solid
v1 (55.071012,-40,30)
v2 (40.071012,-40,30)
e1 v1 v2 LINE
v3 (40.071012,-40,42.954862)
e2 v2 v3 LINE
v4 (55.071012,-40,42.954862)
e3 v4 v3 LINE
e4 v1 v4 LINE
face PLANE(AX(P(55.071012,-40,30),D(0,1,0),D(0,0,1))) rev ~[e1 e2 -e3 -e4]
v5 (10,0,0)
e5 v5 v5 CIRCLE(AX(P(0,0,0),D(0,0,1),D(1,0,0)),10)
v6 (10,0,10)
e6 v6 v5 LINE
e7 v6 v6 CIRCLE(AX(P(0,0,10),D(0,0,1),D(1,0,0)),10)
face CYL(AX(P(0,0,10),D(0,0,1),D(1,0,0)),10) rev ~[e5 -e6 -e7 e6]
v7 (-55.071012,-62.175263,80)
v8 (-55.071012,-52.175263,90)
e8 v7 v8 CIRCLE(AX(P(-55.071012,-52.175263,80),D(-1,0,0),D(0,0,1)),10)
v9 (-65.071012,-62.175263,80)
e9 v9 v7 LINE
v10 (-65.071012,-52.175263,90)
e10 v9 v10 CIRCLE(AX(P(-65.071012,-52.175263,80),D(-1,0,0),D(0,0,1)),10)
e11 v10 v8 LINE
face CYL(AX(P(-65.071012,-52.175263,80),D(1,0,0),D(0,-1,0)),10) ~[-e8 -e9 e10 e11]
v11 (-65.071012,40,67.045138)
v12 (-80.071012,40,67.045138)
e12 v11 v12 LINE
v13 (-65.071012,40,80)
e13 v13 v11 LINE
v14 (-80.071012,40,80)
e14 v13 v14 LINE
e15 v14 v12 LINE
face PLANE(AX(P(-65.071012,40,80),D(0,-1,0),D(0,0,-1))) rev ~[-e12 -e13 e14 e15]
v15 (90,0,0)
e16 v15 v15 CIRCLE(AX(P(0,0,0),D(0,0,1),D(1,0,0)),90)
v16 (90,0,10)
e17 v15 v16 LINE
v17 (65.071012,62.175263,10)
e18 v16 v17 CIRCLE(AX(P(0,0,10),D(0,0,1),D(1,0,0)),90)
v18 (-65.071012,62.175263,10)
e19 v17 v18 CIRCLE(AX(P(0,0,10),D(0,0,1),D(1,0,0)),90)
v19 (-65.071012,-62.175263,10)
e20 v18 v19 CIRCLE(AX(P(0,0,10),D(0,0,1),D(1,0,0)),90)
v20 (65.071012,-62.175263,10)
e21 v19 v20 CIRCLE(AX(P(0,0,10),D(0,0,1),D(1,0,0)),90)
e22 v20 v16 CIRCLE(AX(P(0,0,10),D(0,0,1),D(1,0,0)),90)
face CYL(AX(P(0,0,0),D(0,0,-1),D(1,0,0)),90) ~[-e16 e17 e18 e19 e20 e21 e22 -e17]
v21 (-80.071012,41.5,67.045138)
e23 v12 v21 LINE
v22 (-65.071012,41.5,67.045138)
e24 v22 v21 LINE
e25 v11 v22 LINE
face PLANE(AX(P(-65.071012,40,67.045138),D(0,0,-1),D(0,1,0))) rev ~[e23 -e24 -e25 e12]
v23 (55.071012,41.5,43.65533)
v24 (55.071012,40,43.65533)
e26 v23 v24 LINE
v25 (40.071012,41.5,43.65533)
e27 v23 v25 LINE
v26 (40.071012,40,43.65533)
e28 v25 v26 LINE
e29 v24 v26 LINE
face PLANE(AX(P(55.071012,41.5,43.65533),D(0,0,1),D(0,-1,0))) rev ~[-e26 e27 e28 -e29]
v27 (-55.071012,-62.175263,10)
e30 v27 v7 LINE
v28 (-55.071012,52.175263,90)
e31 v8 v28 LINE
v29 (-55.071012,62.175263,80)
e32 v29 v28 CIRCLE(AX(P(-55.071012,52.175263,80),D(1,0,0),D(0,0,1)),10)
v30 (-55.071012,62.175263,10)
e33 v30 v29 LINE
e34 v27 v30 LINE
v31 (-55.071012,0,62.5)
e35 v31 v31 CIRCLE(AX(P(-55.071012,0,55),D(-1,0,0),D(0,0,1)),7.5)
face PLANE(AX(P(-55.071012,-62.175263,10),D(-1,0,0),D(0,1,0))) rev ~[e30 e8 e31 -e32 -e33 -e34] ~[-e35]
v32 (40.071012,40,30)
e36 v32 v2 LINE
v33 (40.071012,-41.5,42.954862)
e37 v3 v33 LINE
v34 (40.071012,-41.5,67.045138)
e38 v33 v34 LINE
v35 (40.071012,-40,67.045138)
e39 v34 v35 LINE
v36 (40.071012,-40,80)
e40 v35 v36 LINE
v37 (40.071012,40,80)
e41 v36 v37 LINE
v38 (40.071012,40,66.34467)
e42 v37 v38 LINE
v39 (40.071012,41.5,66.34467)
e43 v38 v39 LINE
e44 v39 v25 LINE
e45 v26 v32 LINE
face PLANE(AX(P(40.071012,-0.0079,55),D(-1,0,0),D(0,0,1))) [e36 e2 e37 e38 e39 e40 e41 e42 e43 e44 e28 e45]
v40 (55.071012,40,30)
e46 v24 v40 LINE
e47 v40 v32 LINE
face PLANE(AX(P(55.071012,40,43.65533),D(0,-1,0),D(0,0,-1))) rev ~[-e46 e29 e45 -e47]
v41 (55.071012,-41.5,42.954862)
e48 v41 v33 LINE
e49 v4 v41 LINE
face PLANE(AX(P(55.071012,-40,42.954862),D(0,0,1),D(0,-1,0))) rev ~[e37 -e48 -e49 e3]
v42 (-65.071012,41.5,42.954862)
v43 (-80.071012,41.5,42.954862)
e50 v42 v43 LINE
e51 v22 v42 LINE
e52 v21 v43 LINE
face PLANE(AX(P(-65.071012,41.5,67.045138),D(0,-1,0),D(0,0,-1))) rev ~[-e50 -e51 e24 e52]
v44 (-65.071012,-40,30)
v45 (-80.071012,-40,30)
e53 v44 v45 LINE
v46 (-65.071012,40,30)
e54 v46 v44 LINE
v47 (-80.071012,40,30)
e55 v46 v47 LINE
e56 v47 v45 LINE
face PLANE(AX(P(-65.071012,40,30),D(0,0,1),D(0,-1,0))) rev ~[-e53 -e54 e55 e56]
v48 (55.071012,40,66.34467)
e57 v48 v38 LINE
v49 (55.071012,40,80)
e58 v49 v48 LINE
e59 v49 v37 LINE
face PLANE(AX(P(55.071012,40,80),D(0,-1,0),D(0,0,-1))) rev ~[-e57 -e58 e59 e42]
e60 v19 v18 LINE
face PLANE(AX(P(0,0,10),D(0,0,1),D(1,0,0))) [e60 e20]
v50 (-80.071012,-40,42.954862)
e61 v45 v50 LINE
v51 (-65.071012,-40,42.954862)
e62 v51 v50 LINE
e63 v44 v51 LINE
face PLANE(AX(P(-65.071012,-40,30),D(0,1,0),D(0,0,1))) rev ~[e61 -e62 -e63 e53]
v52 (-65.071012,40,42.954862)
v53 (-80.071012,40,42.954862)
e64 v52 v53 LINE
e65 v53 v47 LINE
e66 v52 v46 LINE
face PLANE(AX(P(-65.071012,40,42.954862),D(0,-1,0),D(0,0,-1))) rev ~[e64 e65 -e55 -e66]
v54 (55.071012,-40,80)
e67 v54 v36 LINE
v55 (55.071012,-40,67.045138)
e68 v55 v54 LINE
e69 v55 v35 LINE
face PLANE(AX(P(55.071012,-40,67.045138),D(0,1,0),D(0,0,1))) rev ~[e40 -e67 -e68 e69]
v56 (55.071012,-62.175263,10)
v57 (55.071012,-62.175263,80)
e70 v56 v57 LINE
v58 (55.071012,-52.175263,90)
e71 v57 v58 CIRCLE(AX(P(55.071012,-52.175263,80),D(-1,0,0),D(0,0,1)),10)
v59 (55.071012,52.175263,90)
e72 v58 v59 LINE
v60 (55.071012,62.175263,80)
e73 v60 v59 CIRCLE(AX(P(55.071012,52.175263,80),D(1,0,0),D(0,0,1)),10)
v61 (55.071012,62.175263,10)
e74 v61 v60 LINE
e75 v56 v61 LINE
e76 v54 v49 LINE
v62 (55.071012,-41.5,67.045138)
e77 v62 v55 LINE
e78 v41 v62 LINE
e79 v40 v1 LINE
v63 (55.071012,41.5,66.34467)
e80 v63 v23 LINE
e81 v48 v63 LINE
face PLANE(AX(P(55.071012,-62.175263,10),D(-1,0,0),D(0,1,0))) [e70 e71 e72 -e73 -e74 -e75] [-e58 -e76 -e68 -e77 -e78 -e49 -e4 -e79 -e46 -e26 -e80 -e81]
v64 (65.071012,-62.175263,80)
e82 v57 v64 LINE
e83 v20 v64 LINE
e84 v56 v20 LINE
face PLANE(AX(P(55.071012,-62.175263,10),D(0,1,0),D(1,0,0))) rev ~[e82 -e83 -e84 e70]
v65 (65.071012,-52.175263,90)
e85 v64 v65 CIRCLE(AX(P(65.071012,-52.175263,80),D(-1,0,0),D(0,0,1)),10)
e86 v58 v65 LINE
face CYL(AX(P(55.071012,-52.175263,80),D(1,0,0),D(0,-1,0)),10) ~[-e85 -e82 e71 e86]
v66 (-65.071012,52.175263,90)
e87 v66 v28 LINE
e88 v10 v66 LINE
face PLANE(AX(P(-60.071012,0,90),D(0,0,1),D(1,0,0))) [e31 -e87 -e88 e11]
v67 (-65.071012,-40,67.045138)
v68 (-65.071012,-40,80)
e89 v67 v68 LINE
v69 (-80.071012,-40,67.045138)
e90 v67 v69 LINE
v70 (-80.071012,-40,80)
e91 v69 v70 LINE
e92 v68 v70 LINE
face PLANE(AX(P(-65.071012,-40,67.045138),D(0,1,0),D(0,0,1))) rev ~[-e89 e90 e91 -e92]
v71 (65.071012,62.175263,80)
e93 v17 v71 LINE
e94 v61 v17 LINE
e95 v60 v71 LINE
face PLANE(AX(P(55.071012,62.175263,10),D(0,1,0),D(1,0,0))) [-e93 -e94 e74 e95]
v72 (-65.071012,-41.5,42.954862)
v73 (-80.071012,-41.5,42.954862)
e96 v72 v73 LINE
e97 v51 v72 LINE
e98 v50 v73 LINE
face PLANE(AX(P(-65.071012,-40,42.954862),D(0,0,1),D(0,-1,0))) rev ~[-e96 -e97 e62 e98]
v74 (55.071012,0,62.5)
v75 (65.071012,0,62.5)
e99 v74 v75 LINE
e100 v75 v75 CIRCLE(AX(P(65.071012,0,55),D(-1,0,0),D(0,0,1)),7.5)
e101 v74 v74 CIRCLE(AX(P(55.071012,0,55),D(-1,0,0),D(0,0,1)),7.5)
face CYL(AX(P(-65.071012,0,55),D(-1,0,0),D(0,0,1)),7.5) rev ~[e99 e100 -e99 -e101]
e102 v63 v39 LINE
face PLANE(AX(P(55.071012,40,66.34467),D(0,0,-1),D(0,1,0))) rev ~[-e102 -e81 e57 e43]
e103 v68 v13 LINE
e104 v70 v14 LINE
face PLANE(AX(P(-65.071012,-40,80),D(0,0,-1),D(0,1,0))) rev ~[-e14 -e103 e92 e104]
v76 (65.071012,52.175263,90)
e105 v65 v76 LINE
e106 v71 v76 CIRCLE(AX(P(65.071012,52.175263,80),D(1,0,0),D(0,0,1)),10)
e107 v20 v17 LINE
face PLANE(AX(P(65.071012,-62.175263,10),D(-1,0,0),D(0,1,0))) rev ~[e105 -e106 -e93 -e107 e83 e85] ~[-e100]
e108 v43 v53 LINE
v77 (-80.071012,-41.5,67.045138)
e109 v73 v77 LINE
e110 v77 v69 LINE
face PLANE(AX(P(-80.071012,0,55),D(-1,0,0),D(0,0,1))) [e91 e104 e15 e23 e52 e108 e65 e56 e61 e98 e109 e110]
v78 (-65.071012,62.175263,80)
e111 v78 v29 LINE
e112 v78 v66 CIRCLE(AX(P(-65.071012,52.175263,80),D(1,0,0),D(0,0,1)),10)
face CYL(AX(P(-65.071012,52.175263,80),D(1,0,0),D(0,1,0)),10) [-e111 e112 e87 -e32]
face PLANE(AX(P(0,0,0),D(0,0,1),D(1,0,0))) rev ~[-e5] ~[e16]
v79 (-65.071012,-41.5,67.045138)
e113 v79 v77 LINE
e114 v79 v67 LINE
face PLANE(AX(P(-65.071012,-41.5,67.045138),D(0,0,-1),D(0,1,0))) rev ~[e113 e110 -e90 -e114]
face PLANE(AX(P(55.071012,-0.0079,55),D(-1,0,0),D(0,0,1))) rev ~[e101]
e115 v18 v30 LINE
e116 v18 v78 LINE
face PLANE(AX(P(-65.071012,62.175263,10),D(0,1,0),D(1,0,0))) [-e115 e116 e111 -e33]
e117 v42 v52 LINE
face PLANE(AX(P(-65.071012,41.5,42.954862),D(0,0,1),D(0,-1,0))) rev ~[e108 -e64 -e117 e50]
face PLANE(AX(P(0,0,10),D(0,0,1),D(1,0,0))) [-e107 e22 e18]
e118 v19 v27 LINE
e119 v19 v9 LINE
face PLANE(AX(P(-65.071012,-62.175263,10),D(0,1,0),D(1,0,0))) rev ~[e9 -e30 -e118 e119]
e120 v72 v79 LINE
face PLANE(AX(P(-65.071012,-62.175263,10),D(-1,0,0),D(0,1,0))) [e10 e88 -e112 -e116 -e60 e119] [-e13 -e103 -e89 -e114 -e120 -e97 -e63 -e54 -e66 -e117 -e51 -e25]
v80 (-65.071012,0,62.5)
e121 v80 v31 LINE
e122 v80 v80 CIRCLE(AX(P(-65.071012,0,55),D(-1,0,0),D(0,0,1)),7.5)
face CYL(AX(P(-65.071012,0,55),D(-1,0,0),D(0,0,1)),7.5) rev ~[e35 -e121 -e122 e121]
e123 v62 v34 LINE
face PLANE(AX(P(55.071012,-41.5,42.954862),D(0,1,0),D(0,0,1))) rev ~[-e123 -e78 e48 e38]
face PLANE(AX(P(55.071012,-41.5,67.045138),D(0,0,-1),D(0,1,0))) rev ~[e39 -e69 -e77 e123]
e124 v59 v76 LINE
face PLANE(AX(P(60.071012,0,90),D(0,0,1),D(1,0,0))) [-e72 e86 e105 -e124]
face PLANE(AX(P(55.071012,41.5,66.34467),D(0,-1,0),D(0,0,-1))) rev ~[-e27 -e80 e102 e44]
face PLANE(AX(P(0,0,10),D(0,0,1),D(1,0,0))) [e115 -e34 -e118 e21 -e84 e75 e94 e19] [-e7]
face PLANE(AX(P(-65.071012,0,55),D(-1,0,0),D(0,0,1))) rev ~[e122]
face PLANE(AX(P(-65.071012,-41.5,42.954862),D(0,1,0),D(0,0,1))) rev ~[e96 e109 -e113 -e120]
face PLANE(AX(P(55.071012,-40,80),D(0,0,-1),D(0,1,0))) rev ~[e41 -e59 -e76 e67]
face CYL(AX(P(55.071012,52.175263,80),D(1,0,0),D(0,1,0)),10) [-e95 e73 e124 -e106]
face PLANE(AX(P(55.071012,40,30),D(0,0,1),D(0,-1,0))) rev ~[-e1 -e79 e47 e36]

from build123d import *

# Parameters (mm, degrees)
SKETCH1_R           = 90
BOSS_EXTRUDE1_DEPTH = 10
SKETCH2_W           = 10
SKETCH2_H           = 124.350526514
BOSS_EXTRUDE2_DEPTH = 80
FILLET1_R           = 10
SKETCH3_R           = 7.5
CUT_EXTRUDE1_DEPTH  = 201.616596644
SKETCH4_R           = 10
CUT_EXTRUDE2_DEPTH  = 30
BOSS_EXTRUDE5_DEPTH = 15
BOSS_EXTRUDE6_DEPTH = 15


with BuildPart() as part:
    # Sketch1 → Boss-Extrude1 (new body)
    with BuildSketch(Plane.XY):
        Circle(SKETCH1_R)
    extrude(amount=BOSS_EXTRUDE1_DEPTH)

    # Sketch2 → Boss-Extrude2 (add)
    with BuildSketch(Plane.XY.offset(10)):
        with Locations((-60.071012279, 0)):
            Rectangle(SKETCH2_W, SKETCH2_H)
        with Locations((60.071012279, 0)):
            Rectangle(SKETCH2_W, SKETCH2_H)
    extrude(amount=BOSS_EXTRUDE2_DEPTH)

    # Fillet1
    fillet1_edges = [part.edges().sort_by_distance(p)[0] for p in [
        (60.071012279, 62.175263257, 90),
        (60.071012279, -62.175263257, 90),
        (-60.071012279, 62.175263257, 90),
        (-60.071012279, -62.175263257, 90),
    ]]
    fillet(fillet1_edges, radius=FILLET1_R)

    # Sketch3 → Cut-Extrude1 (cut, through all)
    with BuildSketch(Plane.ZY.offset(65.071012279)):
        with Locations((55, 0)):
            Circle(SKETCH3_R)
    extrude(amount=-CUT_EXTRUDE1_DEPTH, mode=Mode.SUBTRACT)

    # Sketch4 → Cut-Extrude2 (cut)
    with BuildSketch(Plane.XY.offset(10)):
        Circle(SKETCH4_R)
    extrude(amount=-CUT_EXTRUDE2_DEPTH, mode=Mode.SUBTRACT)

    # Sketch7 → Boss-Extrude5 (add)
    with BuildSketch(Plane.ZY.offset(65.071012279)):
        Polygon((30, 40), (30, -40), (42.954861641, -40), (42.954861641, -41.5), (67.045138359, -41.5), (67.045138359, -40), (80, -40), (80, 40), (67.045138359, 40), (67.045138359, 41.5), (42.954861641, 41.5), (42.954861641, 40), align=None)
    extrude(amount=BOSS_EXTRUDE5_DEPTH)

    # Sketch8 → Boss-Extrude6 (add)
    with BuildSketch(Plane.ZY.offset(-55.071012279)):
        Polygon((30, 40), (30, -40), (42.954861641, -40), (42.954861641, -41.5), (67.045138359, -41.5), (67.045138359, -40), (80, -40), (80, 40), (66.344670443, 40), (66.344670443, 41.5), (43.655329557, 41.5), (43.655329557, 40), align=None)
    extrude(amount=BOSS_EXTRUDE6_DEPTH)


solid = part.part
